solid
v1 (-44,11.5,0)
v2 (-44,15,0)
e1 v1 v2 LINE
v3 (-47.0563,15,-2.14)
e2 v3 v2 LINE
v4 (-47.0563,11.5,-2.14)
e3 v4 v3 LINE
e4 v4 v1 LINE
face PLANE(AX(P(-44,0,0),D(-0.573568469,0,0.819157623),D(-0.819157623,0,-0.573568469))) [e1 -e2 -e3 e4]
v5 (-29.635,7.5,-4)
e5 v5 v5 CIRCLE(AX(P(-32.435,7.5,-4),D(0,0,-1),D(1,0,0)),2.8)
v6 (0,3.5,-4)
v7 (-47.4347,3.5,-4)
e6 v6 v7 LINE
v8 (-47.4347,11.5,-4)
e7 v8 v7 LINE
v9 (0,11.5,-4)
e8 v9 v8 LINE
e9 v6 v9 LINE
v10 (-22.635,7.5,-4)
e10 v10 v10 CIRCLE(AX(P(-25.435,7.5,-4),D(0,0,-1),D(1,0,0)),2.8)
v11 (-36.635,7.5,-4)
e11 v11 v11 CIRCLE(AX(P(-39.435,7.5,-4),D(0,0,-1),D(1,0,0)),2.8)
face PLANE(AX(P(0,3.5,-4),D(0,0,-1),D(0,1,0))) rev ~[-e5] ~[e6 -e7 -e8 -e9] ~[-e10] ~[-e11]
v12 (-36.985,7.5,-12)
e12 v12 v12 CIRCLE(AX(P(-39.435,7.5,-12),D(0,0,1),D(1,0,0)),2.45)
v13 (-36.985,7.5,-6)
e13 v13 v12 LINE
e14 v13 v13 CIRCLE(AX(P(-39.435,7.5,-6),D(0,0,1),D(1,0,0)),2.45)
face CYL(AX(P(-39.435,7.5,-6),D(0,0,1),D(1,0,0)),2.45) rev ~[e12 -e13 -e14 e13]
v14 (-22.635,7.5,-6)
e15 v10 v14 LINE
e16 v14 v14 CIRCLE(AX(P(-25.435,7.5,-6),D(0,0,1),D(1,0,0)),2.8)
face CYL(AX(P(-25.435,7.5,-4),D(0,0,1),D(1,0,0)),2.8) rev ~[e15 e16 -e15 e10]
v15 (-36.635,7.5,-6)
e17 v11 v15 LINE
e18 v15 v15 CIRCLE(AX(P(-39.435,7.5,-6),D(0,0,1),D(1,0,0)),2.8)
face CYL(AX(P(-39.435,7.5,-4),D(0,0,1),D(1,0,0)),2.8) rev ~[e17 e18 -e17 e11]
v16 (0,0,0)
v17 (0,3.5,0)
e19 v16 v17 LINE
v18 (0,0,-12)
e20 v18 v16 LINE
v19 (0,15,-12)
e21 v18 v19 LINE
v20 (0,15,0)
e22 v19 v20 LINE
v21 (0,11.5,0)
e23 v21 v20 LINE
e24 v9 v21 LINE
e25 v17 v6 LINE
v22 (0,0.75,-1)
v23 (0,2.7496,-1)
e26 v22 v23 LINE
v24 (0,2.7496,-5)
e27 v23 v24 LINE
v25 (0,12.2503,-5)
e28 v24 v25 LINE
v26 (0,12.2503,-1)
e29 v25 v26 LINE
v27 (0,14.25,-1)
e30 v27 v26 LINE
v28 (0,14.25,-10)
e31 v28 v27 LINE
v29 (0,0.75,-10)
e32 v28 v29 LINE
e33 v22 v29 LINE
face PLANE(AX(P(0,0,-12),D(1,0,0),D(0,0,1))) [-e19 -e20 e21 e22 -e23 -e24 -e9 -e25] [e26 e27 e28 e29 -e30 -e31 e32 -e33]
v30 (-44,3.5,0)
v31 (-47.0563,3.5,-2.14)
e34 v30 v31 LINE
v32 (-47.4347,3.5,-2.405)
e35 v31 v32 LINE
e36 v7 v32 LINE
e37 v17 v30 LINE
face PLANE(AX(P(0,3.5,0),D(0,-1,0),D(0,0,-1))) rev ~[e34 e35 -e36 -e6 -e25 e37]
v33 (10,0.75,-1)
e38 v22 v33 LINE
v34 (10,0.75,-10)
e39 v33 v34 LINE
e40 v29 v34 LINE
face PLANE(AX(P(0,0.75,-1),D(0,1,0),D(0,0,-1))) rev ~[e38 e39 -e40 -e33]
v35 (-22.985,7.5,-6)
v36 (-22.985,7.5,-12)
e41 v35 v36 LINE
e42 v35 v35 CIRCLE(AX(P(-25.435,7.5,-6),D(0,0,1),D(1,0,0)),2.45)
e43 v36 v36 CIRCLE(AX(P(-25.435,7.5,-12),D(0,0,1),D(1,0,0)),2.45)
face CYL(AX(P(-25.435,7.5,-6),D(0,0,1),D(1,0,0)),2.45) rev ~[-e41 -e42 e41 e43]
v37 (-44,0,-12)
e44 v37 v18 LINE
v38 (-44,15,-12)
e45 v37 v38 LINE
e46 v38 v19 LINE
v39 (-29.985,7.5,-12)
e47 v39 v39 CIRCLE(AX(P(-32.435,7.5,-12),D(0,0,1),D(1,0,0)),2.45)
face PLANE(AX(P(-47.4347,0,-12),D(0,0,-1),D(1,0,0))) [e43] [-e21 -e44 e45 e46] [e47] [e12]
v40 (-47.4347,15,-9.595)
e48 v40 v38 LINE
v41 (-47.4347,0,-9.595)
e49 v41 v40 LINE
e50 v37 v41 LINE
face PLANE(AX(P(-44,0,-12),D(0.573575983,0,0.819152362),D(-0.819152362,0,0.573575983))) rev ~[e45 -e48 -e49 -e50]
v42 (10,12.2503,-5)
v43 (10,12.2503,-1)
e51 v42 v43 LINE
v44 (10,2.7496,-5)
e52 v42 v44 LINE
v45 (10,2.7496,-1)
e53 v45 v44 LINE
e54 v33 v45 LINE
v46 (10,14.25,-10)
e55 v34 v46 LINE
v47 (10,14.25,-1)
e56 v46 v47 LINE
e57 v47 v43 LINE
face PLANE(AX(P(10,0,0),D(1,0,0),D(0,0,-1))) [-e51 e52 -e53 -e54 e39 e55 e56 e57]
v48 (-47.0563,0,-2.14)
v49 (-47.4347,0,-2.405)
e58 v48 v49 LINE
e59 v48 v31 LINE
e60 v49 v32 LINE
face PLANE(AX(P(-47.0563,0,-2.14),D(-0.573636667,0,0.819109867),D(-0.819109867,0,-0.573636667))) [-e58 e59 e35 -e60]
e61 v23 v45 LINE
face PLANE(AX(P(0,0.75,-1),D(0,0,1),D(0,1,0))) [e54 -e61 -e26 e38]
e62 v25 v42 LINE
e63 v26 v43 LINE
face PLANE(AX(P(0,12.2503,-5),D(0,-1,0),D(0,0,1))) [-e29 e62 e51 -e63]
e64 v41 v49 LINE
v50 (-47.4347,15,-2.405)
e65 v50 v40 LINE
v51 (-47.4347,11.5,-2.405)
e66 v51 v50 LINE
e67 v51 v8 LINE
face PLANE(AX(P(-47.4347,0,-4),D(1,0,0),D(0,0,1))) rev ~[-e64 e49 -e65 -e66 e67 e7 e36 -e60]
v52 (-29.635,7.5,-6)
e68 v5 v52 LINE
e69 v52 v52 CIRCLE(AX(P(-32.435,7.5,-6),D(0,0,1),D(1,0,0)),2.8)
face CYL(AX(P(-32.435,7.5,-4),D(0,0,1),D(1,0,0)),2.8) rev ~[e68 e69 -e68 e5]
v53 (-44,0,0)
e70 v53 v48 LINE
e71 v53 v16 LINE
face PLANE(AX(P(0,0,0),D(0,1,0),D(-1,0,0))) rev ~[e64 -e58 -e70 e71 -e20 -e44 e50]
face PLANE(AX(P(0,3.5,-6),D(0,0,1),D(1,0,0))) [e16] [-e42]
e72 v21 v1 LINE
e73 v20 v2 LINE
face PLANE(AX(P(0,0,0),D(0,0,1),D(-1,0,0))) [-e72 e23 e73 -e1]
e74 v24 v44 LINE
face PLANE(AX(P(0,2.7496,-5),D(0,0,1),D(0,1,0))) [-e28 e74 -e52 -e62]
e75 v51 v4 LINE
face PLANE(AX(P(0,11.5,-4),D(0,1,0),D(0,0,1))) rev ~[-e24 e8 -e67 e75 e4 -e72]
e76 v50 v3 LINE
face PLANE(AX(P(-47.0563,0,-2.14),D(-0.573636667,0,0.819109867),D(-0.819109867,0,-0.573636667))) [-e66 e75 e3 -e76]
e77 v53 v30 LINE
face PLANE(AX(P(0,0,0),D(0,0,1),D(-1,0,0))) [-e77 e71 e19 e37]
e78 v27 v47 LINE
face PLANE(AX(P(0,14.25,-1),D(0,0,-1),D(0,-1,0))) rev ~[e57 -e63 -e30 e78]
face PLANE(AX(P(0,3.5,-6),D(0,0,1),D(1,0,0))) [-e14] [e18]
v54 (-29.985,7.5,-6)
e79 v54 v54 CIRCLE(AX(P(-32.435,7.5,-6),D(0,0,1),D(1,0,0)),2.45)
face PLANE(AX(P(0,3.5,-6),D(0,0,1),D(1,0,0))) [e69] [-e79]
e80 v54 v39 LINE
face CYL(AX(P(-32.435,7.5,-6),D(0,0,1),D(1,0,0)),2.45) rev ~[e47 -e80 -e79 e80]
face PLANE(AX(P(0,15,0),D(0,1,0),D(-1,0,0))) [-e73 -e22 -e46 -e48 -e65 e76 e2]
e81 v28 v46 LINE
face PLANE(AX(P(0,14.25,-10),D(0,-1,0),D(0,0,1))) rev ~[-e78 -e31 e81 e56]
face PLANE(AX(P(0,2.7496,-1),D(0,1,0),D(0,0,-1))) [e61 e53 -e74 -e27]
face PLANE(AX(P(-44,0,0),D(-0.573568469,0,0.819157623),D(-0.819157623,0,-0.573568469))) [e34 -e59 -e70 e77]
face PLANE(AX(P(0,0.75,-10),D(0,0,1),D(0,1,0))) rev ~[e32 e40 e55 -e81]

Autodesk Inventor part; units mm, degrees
ref_plane "YZ Plane" through (0, 0, 0) normal (1, 0, 0) x (0, 1, 0)
ref_plane "XZ Plane" through (0, 0, 0) normal (0, 1, 0) x (-1, 0, 0)
ref_plane "XY Plane" through (0, 0, 0) normal (0, 0, 1) x (1, 0, 0)
sketch "Náčrt1" plane through (0, 0, 0) normal (0, 1, 0) x (-1, 0, 0)
  line L0 (0, 0) -> (50, 0)
  line L1 (50, 0) -> (66.0697, -19.1511)
  line L2 (50, 0) -> (75, 0) construction
  line L3 (66.0697, -19.1511) -> (58.4092, -25.579)
  line L4 (0, -12) -> (0, 0)
  line L5 (58.6554, -25.3724) -> (47.4347, -12)
  line L6 (47.4347, -12) -> (0, -12)
  dimension "d0" = 50
  dimension "d2" = 25
  dimension "d3" = 50
  dimension "d4" = 10
  dimension "d5" = 12
extrude "Vysunutí1" add sketch "Náčrt1" along normal blind 15
sketch "Náčrt11" plane through (0, 0, 0) normal (1, 0, 0) x (0, 0, -1)
  line L0 (0, 0) -> (0, 15) projected
  line L1 (0, 7.5) -> (12, 7.5)
  line L2 (12, 0) -> (12, 15) projected
  line L3 (0, 3.5) -> (4, 3.5)
  line L4 (4, 3.5) -> (4, 11.5)
  line L5 (4, 11.5) -> (0, 11.5)
  line L6 (0, 11.5) -> (0, 3.5)
  point P0 (0, 7.5)
  point P1 (0, 11.5)
  dimension "d64" = 4
  dimension "d65" = 8
extrude "Vysunutí10" cut sketch "Náčrt11" against normal through all
sketch "Náčrt21" plane through (-66.0697, 0, -19.1511) normal (-0.6428, 0, -0.766) x (-0.766, 0, 0.6428)
  line L0 (0, 0) -> (0, 15) projected
  line L1 (0, 3.5) -> (-4, 3.5)
  line L2 (-4, 3.5) -> (-4, 11.5)
  line L3 (-4, 11.5) -> (0, 11.5)
  line L4 (0, 11.5) -> (0, 3.5)
  point P0 (-38.3022, 0)
  point P1 (0, 7.5)
  point P2 (0, 11.5)
  dimension "d68" = 4
  dimension "d69" = 8
extrude "Vysunutí11" cut sketch "Náčrt21" against normal through all
sketch "Náčrt30" plane through (0, 0, -12) normal (0, 0, -1) x (-1, 0, 0)
  point P0 (0, 0)
sketch "Náčrt31" plane through (0, 0, 0) normal (1, 0, 0) x (0, 0, -1)
  point P0 (0, 0)
sketch "Náčrt32" plane through (0, 0, 0) normal (0, -1, 0) x (1, 0, 0)
  line L0 (-47.4347, -12) -> (-58.6554, -25.3724) projected
  line L1 (-47.4347, -12) -> (-47.4347, 0)
  line L2 (-47.4347, -12) -> (-58.6554, -25.3724)
  line L3 (-58.6554, -25.3724) -> (-66.0697, -19.1511) projected
  line L4 (-66.0697, -19.1511) -> (-50, 0)
  line L5 (-50, 0) -> (-47.4347, 0)
  line L6 (-50, 0) -> (0, 0) projected
  point P0 (-47.4347, 0)
extrude "Vysunutí16" add sketch "Náčrt32" against normal through all
sketch "Náčrt33" plane through (0, 0, 0) normal (0, -1, 0) x (1, 0, 0)
  line L0 (-47.4347, -12) -> (-58.6554, -25.3724) projected
  line L1 (-47.4347, -4) -> (-47.4347, 0) projected
  line L2 (-47.4347, -12) -> (-47.4347, 0)
  line L3 (-66.0697, -19.1511) -> (-50, 0) projected
  line L4 (-47.4347, 0) -> (-50, 0)
  line L5 (-50, 0) -> (-66.0697, -19.1511)
  line L6 (-50, 0) -> (0, 0) projected
  line L7 (-66.0697, -19.1511) -> (-50, 0) projected
  line L8 (-58.6554, -25.3724) -> (-66.0697, -19.1511) projected
  line L9 (-47.4347, -12) -> (-58.6554, -25.3724) projected
  line L10 (0, -12) -> (-47.4347, -12) projected
  line L11 (0, 0) -> (0, -12) projected
  line L12 (-58.6554, -25.3724) -> (-66.0697, -19.1511) projected
  line L13 (-66.0697, -19.1511) -> (-58.6554, -25.3724)
  line L14 (-58.6554, -25.3724) -> (-47.4347, -12)
extrude "Vysunutí17" cut sketch "Náčrt33" against normal through all contours L0 L8 L3 L4 L1 L2
sketch "Náčrt34" plane through (0, 0, 0) normal (0, -1, 0) x (1, 0, 0)
  line L0 (-47.4347, 0) -> (-47.4347, -12) projected
  line L1 (-47.4347, 0) -> (-47.4347, -12) projected
  line L2 (0, -12) -> (-47.4347, -12) projected
  line L3 (0, 0) -> (0, -12) projected
  line L4 (-47.4347, 0) -> (0, 0) projected
  line L5 (0, -12) -> (-47.4347, -12) projected
  line L6 (-44, -12) -> (-47.4347, -9.595)
  line L7 (-44, -12) -> (-39.807, -12) construction
  line L8 (-47.4347, -9.595) -> (-47.4347, -12)
  line L9 (-44, -12) -> (-47.4347, -12)
  line L10 (0, 0) -> (-47.4347, 0) projected
  line L11 (-44, 0) -> (-47.0563, -2.14)
  line L12 (-44, 0) -> (-40.269, 0) construction
  line L13 (-47.0563, -2.14) -> (-47.4347, -2.405)
  line L14 (-47.4347, -2.405) -> (-47.4347, 0)
  line L15 (-44, 0) -> (-47.4347, 0)
  dimension "d99" = 145
  dimension "d100" = 145
extrude "Vysunutí18" cut sketch "Náčrt34" against normal through all contours L4 L11 L13 L0 | L6 L2 L0
sketch "Náčrt35" plane through (0, 3.5, -4) normal (0, 0, 1) x (1, 0, 0)
  line L0 (-47.4347, 8) -> (-47.4347, 0) projected
  line L1 (-47.4347, 4) -> (0, 4)
  line L2 (0, 10.8249) -> (0, -2.8249) projected
  circle A0 centre (-39.435, 4) radius 2.8
  circle A1 centre (-32.435, 4) radius 2.8
  circle A2 centre (-25.435, 4) radius 2.8
  point P0 (0, -3.5)
  dimension "d103" = 5.6
  dimension "d104" = 5.6
  dimension "d105" = 5.6
extrude "Vysunutí19" cut sketch "Náčrt35" against normal blind 2
sketch "Náčrt36" plane through (-39.435, 7.5, -6) normal (0, 0, 1) x (1, 0, 0)
  circle A0 centre (0, 0) radius 2.45
  point P0 (39.435, -7.5)
  dimension "d108" = 4.9
sketch "Náčrt37" plane through (-32.435, 7.5, -6) normal (0, 0, 1) x (1, 0, 0)
  circle A0 centre (0, 0) radius 2.45
  point P0 (32.435, -7.5)
  dimension "d109" = 4.9
sketch "Náčrt38" plane through (-25.435, 7.5, -6) normal (0, 0, 1) x (1, 0, 0)
  circle A0 centre (0, 0) radius 2.45
  point P0 (25.435, -7.5)
  dimension "d110" = 4.9
extrude "Vysunutí20" cut sketch "Náčrt36" against normal through all
extrude "Vysunutí21" cut sketch "Náčrt37" against normal through all
sketch "Náčrt39" plane through (0, 0, 0) normal (1, 0, 0) x (0, 0, -1)
  line L0 (0, 11.5) -> (0, 15) projected
  line L1 (12, 0) -> (12, 15) projected
  line L2 (0, 0) -> (0, 3.5) projected
  line L3 (1, 0.75) -> (10, 0.75)
  line L4 (10, 14.25) -> (1, 14.25)
  line L5 (1, 14.25) -> (1, 12.2503)
  line L6 (4, 4.7) -> (4, 10.3) projected
  line L7 (5, 12.2503) -> (1, 12.2503)
  line L8 (1, 0.75) -> (1, 2.7496)
  line L9 (1, 2.7496) -> (5, 2.7496)
  line L10 (5, 2.7496) -> (5, 12.2503)
  line L11 (10, 0.75) -> (10, 14.25)
  line L12 (4, 7.5) -> (12, 7.5)
  line L13 (12, 9.95) -> (12, 5.05) projected
  point P0 (1, 1.7498)
  point P1 (5, 7.5)
  point P2 (1, 13.2502)
  point P3 (10, 7.5)
  point P4 (5.5, 0.75)
  dimension "d119" = 13.5
extrude "Vysunutí22" add sketch "Náčrt39" along normal blind 10
extrude "Vysunutí23" cut sketch "Náčrt38" against normal through all
properties part number "SEMAFOR1"
